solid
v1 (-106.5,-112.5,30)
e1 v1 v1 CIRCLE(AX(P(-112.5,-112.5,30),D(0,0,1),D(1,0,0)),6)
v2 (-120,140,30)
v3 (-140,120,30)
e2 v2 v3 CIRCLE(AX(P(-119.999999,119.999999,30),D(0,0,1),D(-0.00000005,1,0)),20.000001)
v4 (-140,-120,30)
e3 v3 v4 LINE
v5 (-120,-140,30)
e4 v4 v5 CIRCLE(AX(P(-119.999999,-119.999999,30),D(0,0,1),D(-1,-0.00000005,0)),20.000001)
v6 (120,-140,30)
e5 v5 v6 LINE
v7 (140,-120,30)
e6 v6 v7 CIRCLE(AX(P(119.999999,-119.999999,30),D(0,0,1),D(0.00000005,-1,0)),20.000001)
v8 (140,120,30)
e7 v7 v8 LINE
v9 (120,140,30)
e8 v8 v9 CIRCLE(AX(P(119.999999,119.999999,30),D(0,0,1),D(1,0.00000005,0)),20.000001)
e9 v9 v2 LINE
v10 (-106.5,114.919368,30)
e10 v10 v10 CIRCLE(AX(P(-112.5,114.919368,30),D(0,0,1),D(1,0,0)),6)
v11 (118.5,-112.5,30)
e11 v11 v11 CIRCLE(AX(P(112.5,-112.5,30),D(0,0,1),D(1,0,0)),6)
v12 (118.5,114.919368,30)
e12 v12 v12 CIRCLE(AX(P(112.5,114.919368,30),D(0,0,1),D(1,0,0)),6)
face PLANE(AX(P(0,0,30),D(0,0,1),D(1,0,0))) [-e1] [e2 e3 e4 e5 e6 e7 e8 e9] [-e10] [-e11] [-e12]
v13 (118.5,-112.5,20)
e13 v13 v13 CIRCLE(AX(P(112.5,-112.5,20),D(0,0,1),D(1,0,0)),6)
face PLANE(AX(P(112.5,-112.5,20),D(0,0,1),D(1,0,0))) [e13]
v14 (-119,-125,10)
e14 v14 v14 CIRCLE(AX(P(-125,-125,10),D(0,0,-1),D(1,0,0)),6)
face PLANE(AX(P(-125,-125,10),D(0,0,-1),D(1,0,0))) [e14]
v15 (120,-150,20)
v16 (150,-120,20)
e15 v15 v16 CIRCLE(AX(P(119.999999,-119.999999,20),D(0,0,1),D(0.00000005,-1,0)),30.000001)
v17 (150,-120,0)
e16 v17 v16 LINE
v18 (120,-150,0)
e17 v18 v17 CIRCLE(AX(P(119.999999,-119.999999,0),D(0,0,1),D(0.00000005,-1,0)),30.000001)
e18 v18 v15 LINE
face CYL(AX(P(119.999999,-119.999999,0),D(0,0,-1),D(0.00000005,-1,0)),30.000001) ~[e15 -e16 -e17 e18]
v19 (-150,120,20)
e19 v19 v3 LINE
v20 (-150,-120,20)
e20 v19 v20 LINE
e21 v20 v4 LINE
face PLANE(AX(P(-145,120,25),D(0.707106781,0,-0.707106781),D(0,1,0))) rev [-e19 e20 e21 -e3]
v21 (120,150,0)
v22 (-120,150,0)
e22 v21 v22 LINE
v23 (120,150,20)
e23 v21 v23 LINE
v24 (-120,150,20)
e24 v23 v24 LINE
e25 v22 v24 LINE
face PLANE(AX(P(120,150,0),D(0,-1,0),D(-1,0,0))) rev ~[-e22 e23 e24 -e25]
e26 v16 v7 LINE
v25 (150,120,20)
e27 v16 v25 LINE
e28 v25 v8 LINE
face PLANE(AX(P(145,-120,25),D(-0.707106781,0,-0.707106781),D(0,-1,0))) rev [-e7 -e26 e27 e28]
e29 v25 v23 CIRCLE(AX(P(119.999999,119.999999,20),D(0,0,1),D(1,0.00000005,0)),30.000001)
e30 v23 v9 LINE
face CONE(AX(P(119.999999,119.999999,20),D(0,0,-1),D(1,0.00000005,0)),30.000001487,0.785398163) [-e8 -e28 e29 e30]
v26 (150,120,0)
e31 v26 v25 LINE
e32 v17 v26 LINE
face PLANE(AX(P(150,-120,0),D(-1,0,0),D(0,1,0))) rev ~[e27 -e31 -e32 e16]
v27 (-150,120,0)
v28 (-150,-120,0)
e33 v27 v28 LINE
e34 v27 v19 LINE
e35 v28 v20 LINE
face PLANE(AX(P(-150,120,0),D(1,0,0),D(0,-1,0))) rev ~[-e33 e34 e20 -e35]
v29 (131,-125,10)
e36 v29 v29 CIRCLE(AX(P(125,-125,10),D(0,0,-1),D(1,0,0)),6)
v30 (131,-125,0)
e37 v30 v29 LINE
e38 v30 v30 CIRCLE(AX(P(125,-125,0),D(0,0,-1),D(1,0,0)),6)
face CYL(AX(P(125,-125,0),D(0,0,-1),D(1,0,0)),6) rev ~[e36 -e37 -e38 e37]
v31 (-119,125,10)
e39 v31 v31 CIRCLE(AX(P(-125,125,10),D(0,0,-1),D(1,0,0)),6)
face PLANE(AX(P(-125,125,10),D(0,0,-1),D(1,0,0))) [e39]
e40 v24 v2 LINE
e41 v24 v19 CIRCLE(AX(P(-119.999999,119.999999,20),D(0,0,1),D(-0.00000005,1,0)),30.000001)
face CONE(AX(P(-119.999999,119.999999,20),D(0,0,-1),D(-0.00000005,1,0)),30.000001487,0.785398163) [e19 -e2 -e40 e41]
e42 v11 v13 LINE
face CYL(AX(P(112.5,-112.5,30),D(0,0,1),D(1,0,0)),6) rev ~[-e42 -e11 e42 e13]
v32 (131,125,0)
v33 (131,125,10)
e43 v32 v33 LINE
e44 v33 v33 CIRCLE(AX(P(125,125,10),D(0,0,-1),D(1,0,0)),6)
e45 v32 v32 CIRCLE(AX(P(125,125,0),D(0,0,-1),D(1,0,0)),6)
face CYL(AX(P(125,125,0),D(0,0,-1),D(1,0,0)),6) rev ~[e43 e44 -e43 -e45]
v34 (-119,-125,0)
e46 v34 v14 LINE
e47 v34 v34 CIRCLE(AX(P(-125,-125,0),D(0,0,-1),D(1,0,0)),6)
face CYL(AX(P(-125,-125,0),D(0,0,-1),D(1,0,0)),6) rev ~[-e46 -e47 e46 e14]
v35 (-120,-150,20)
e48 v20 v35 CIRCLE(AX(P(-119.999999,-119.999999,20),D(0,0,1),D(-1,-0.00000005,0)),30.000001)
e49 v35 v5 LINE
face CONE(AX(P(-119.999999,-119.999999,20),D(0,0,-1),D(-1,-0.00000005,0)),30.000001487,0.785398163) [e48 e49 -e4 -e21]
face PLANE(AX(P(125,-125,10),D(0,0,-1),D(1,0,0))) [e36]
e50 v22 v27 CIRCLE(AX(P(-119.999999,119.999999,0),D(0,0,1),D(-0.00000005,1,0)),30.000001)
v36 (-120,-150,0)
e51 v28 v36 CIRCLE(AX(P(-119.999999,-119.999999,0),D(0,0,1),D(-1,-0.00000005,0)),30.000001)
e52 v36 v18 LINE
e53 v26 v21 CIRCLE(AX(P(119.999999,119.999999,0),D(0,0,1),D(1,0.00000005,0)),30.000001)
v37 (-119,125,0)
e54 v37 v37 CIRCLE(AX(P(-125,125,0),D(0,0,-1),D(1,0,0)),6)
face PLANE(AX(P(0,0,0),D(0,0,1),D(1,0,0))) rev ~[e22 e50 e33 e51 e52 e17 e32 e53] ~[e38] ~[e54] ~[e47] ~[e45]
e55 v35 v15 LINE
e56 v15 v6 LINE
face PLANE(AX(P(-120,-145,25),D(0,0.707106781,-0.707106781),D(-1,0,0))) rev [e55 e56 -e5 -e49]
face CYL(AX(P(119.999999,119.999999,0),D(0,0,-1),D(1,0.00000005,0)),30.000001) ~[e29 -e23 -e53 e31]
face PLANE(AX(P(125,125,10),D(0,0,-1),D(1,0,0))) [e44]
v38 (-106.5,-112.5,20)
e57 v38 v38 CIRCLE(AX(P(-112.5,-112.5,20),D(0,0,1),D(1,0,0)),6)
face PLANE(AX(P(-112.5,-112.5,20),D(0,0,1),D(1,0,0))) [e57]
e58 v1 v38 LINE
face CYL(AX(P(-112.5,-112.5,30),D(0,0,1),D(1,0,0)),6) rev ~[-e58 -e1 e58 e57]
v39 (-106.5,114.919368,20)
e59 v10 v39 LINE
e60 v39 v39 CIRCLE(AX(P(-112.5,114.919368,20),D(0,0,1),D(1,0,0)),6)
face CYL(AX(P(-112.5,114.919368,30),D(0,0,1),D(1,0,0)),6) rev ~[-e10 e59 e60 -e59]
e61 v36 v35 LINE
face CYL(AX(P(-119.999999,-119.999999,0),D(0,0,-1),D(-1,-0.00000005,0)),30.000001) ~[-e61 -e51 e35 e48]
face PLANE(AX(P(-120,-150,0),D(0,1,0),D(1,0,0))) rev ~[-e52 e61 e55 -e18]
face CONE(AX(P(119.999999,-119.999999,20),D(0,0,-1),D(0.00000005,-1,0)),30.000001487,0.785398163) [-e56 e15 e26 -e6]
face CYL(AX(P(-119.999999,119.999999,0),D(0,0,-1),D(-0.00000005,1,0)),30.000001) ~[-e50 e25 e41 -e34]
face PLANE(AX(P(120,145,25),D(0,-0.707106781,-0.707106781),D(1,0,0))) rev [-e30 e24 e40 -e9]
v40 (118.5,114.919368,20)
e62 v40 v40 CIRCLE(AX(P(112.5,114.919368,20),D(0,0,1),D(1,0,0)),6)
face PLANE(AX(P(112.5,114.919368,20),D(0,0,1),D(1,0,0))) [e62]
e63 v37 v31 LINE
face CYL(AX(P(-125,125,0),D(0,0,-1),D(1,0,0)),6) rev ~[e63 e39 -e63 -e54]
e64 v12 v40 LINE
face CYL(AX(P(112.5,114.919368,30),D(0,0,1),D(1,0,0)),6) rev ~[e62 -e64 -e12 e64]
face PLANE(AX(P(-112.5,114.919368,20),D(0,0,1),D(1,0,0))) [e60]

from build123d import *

# Parameters (mm, degrees)
F1_DEPTH = 30
F2_SIZE  = 10
F3_R     = 6
F4_DEPTH = 10
F5_R     = 6
F6_DEPTH = 10


with BuildPart() as f1:
    # F0 (on Top) → F1 (new body)
    with BuildSketch(Plane.XY):
        with BuildLine():
            ThreePointArc((150, 120), (141.213203, 141.213203), (120, 150))
            Line((120, 150), (-120, 150))
            ThreePointArc((-120, 150), (-141.213203, 141.213203), (-150, 120))
            Line((-150, 120), (-150, -120))
            ThreePointArc((-150, -120), (-141.213203, -141.213203), (-120, -150))
            Line((-120, -150), (120, -150))
            ThreePointArc((120, -150), (141.213203, -141.213203), (150, -120))
            Line((150, -120), (150, 120))
        make_face()
    extrude(amount=F1_DEPTH)

    # F2
    f2_edges = [f1.edges().sort_by_distance(p)[0] for p in [
        (141.213203, 141.213203, 30),
        (0, 150, 30),
        (-141.213203, 141.213203, 30),
        (-150, 0, 30),
        (-141.213203, -141.213203, 30),
        (0, -150, 30),
        (141.213203, -141.213203, 30),
        (150, 0, 30),
    ]]
    chamfer(f2_edges, length=F2_SIZE)

    # F3 (on face) → F4 (cut)
    with BuildSketch(Plane.XY.offset(30)):
        with Locations((112.5, 114.919368)):
            Circle(F3_R)
        with Locations((-112.5, 114.919368)):
            Circle(F3_R)
        with Locations((-112.5, -112.5)):
            Circle(F3_R)
        with Locations((112.5, -112.5)):
            Circle(F3_R)
    extrude(amount=-F4_DEPTH, mode=Mode.SUBTRACT)

    # F5 (on face) → F6 (cut)
    with BuildSketch(Plane(origin=(0, 0, 0), x_dir=(1, 0, 0), z_dir=(0, 0, -1))):
        with Locations((-125, -125)):
            Circle(F5_R)
        with Locations((-125, 125)):
            Circle(F5_R)
        with Locations((125, -125)):
            Circle(F5_R)
        with Locations((125, 125)):
            Circle(F5_R)
    extrude(amount=-F6_DEPTH, mode=Mode.SUBTRACT)


solid = f1.part
